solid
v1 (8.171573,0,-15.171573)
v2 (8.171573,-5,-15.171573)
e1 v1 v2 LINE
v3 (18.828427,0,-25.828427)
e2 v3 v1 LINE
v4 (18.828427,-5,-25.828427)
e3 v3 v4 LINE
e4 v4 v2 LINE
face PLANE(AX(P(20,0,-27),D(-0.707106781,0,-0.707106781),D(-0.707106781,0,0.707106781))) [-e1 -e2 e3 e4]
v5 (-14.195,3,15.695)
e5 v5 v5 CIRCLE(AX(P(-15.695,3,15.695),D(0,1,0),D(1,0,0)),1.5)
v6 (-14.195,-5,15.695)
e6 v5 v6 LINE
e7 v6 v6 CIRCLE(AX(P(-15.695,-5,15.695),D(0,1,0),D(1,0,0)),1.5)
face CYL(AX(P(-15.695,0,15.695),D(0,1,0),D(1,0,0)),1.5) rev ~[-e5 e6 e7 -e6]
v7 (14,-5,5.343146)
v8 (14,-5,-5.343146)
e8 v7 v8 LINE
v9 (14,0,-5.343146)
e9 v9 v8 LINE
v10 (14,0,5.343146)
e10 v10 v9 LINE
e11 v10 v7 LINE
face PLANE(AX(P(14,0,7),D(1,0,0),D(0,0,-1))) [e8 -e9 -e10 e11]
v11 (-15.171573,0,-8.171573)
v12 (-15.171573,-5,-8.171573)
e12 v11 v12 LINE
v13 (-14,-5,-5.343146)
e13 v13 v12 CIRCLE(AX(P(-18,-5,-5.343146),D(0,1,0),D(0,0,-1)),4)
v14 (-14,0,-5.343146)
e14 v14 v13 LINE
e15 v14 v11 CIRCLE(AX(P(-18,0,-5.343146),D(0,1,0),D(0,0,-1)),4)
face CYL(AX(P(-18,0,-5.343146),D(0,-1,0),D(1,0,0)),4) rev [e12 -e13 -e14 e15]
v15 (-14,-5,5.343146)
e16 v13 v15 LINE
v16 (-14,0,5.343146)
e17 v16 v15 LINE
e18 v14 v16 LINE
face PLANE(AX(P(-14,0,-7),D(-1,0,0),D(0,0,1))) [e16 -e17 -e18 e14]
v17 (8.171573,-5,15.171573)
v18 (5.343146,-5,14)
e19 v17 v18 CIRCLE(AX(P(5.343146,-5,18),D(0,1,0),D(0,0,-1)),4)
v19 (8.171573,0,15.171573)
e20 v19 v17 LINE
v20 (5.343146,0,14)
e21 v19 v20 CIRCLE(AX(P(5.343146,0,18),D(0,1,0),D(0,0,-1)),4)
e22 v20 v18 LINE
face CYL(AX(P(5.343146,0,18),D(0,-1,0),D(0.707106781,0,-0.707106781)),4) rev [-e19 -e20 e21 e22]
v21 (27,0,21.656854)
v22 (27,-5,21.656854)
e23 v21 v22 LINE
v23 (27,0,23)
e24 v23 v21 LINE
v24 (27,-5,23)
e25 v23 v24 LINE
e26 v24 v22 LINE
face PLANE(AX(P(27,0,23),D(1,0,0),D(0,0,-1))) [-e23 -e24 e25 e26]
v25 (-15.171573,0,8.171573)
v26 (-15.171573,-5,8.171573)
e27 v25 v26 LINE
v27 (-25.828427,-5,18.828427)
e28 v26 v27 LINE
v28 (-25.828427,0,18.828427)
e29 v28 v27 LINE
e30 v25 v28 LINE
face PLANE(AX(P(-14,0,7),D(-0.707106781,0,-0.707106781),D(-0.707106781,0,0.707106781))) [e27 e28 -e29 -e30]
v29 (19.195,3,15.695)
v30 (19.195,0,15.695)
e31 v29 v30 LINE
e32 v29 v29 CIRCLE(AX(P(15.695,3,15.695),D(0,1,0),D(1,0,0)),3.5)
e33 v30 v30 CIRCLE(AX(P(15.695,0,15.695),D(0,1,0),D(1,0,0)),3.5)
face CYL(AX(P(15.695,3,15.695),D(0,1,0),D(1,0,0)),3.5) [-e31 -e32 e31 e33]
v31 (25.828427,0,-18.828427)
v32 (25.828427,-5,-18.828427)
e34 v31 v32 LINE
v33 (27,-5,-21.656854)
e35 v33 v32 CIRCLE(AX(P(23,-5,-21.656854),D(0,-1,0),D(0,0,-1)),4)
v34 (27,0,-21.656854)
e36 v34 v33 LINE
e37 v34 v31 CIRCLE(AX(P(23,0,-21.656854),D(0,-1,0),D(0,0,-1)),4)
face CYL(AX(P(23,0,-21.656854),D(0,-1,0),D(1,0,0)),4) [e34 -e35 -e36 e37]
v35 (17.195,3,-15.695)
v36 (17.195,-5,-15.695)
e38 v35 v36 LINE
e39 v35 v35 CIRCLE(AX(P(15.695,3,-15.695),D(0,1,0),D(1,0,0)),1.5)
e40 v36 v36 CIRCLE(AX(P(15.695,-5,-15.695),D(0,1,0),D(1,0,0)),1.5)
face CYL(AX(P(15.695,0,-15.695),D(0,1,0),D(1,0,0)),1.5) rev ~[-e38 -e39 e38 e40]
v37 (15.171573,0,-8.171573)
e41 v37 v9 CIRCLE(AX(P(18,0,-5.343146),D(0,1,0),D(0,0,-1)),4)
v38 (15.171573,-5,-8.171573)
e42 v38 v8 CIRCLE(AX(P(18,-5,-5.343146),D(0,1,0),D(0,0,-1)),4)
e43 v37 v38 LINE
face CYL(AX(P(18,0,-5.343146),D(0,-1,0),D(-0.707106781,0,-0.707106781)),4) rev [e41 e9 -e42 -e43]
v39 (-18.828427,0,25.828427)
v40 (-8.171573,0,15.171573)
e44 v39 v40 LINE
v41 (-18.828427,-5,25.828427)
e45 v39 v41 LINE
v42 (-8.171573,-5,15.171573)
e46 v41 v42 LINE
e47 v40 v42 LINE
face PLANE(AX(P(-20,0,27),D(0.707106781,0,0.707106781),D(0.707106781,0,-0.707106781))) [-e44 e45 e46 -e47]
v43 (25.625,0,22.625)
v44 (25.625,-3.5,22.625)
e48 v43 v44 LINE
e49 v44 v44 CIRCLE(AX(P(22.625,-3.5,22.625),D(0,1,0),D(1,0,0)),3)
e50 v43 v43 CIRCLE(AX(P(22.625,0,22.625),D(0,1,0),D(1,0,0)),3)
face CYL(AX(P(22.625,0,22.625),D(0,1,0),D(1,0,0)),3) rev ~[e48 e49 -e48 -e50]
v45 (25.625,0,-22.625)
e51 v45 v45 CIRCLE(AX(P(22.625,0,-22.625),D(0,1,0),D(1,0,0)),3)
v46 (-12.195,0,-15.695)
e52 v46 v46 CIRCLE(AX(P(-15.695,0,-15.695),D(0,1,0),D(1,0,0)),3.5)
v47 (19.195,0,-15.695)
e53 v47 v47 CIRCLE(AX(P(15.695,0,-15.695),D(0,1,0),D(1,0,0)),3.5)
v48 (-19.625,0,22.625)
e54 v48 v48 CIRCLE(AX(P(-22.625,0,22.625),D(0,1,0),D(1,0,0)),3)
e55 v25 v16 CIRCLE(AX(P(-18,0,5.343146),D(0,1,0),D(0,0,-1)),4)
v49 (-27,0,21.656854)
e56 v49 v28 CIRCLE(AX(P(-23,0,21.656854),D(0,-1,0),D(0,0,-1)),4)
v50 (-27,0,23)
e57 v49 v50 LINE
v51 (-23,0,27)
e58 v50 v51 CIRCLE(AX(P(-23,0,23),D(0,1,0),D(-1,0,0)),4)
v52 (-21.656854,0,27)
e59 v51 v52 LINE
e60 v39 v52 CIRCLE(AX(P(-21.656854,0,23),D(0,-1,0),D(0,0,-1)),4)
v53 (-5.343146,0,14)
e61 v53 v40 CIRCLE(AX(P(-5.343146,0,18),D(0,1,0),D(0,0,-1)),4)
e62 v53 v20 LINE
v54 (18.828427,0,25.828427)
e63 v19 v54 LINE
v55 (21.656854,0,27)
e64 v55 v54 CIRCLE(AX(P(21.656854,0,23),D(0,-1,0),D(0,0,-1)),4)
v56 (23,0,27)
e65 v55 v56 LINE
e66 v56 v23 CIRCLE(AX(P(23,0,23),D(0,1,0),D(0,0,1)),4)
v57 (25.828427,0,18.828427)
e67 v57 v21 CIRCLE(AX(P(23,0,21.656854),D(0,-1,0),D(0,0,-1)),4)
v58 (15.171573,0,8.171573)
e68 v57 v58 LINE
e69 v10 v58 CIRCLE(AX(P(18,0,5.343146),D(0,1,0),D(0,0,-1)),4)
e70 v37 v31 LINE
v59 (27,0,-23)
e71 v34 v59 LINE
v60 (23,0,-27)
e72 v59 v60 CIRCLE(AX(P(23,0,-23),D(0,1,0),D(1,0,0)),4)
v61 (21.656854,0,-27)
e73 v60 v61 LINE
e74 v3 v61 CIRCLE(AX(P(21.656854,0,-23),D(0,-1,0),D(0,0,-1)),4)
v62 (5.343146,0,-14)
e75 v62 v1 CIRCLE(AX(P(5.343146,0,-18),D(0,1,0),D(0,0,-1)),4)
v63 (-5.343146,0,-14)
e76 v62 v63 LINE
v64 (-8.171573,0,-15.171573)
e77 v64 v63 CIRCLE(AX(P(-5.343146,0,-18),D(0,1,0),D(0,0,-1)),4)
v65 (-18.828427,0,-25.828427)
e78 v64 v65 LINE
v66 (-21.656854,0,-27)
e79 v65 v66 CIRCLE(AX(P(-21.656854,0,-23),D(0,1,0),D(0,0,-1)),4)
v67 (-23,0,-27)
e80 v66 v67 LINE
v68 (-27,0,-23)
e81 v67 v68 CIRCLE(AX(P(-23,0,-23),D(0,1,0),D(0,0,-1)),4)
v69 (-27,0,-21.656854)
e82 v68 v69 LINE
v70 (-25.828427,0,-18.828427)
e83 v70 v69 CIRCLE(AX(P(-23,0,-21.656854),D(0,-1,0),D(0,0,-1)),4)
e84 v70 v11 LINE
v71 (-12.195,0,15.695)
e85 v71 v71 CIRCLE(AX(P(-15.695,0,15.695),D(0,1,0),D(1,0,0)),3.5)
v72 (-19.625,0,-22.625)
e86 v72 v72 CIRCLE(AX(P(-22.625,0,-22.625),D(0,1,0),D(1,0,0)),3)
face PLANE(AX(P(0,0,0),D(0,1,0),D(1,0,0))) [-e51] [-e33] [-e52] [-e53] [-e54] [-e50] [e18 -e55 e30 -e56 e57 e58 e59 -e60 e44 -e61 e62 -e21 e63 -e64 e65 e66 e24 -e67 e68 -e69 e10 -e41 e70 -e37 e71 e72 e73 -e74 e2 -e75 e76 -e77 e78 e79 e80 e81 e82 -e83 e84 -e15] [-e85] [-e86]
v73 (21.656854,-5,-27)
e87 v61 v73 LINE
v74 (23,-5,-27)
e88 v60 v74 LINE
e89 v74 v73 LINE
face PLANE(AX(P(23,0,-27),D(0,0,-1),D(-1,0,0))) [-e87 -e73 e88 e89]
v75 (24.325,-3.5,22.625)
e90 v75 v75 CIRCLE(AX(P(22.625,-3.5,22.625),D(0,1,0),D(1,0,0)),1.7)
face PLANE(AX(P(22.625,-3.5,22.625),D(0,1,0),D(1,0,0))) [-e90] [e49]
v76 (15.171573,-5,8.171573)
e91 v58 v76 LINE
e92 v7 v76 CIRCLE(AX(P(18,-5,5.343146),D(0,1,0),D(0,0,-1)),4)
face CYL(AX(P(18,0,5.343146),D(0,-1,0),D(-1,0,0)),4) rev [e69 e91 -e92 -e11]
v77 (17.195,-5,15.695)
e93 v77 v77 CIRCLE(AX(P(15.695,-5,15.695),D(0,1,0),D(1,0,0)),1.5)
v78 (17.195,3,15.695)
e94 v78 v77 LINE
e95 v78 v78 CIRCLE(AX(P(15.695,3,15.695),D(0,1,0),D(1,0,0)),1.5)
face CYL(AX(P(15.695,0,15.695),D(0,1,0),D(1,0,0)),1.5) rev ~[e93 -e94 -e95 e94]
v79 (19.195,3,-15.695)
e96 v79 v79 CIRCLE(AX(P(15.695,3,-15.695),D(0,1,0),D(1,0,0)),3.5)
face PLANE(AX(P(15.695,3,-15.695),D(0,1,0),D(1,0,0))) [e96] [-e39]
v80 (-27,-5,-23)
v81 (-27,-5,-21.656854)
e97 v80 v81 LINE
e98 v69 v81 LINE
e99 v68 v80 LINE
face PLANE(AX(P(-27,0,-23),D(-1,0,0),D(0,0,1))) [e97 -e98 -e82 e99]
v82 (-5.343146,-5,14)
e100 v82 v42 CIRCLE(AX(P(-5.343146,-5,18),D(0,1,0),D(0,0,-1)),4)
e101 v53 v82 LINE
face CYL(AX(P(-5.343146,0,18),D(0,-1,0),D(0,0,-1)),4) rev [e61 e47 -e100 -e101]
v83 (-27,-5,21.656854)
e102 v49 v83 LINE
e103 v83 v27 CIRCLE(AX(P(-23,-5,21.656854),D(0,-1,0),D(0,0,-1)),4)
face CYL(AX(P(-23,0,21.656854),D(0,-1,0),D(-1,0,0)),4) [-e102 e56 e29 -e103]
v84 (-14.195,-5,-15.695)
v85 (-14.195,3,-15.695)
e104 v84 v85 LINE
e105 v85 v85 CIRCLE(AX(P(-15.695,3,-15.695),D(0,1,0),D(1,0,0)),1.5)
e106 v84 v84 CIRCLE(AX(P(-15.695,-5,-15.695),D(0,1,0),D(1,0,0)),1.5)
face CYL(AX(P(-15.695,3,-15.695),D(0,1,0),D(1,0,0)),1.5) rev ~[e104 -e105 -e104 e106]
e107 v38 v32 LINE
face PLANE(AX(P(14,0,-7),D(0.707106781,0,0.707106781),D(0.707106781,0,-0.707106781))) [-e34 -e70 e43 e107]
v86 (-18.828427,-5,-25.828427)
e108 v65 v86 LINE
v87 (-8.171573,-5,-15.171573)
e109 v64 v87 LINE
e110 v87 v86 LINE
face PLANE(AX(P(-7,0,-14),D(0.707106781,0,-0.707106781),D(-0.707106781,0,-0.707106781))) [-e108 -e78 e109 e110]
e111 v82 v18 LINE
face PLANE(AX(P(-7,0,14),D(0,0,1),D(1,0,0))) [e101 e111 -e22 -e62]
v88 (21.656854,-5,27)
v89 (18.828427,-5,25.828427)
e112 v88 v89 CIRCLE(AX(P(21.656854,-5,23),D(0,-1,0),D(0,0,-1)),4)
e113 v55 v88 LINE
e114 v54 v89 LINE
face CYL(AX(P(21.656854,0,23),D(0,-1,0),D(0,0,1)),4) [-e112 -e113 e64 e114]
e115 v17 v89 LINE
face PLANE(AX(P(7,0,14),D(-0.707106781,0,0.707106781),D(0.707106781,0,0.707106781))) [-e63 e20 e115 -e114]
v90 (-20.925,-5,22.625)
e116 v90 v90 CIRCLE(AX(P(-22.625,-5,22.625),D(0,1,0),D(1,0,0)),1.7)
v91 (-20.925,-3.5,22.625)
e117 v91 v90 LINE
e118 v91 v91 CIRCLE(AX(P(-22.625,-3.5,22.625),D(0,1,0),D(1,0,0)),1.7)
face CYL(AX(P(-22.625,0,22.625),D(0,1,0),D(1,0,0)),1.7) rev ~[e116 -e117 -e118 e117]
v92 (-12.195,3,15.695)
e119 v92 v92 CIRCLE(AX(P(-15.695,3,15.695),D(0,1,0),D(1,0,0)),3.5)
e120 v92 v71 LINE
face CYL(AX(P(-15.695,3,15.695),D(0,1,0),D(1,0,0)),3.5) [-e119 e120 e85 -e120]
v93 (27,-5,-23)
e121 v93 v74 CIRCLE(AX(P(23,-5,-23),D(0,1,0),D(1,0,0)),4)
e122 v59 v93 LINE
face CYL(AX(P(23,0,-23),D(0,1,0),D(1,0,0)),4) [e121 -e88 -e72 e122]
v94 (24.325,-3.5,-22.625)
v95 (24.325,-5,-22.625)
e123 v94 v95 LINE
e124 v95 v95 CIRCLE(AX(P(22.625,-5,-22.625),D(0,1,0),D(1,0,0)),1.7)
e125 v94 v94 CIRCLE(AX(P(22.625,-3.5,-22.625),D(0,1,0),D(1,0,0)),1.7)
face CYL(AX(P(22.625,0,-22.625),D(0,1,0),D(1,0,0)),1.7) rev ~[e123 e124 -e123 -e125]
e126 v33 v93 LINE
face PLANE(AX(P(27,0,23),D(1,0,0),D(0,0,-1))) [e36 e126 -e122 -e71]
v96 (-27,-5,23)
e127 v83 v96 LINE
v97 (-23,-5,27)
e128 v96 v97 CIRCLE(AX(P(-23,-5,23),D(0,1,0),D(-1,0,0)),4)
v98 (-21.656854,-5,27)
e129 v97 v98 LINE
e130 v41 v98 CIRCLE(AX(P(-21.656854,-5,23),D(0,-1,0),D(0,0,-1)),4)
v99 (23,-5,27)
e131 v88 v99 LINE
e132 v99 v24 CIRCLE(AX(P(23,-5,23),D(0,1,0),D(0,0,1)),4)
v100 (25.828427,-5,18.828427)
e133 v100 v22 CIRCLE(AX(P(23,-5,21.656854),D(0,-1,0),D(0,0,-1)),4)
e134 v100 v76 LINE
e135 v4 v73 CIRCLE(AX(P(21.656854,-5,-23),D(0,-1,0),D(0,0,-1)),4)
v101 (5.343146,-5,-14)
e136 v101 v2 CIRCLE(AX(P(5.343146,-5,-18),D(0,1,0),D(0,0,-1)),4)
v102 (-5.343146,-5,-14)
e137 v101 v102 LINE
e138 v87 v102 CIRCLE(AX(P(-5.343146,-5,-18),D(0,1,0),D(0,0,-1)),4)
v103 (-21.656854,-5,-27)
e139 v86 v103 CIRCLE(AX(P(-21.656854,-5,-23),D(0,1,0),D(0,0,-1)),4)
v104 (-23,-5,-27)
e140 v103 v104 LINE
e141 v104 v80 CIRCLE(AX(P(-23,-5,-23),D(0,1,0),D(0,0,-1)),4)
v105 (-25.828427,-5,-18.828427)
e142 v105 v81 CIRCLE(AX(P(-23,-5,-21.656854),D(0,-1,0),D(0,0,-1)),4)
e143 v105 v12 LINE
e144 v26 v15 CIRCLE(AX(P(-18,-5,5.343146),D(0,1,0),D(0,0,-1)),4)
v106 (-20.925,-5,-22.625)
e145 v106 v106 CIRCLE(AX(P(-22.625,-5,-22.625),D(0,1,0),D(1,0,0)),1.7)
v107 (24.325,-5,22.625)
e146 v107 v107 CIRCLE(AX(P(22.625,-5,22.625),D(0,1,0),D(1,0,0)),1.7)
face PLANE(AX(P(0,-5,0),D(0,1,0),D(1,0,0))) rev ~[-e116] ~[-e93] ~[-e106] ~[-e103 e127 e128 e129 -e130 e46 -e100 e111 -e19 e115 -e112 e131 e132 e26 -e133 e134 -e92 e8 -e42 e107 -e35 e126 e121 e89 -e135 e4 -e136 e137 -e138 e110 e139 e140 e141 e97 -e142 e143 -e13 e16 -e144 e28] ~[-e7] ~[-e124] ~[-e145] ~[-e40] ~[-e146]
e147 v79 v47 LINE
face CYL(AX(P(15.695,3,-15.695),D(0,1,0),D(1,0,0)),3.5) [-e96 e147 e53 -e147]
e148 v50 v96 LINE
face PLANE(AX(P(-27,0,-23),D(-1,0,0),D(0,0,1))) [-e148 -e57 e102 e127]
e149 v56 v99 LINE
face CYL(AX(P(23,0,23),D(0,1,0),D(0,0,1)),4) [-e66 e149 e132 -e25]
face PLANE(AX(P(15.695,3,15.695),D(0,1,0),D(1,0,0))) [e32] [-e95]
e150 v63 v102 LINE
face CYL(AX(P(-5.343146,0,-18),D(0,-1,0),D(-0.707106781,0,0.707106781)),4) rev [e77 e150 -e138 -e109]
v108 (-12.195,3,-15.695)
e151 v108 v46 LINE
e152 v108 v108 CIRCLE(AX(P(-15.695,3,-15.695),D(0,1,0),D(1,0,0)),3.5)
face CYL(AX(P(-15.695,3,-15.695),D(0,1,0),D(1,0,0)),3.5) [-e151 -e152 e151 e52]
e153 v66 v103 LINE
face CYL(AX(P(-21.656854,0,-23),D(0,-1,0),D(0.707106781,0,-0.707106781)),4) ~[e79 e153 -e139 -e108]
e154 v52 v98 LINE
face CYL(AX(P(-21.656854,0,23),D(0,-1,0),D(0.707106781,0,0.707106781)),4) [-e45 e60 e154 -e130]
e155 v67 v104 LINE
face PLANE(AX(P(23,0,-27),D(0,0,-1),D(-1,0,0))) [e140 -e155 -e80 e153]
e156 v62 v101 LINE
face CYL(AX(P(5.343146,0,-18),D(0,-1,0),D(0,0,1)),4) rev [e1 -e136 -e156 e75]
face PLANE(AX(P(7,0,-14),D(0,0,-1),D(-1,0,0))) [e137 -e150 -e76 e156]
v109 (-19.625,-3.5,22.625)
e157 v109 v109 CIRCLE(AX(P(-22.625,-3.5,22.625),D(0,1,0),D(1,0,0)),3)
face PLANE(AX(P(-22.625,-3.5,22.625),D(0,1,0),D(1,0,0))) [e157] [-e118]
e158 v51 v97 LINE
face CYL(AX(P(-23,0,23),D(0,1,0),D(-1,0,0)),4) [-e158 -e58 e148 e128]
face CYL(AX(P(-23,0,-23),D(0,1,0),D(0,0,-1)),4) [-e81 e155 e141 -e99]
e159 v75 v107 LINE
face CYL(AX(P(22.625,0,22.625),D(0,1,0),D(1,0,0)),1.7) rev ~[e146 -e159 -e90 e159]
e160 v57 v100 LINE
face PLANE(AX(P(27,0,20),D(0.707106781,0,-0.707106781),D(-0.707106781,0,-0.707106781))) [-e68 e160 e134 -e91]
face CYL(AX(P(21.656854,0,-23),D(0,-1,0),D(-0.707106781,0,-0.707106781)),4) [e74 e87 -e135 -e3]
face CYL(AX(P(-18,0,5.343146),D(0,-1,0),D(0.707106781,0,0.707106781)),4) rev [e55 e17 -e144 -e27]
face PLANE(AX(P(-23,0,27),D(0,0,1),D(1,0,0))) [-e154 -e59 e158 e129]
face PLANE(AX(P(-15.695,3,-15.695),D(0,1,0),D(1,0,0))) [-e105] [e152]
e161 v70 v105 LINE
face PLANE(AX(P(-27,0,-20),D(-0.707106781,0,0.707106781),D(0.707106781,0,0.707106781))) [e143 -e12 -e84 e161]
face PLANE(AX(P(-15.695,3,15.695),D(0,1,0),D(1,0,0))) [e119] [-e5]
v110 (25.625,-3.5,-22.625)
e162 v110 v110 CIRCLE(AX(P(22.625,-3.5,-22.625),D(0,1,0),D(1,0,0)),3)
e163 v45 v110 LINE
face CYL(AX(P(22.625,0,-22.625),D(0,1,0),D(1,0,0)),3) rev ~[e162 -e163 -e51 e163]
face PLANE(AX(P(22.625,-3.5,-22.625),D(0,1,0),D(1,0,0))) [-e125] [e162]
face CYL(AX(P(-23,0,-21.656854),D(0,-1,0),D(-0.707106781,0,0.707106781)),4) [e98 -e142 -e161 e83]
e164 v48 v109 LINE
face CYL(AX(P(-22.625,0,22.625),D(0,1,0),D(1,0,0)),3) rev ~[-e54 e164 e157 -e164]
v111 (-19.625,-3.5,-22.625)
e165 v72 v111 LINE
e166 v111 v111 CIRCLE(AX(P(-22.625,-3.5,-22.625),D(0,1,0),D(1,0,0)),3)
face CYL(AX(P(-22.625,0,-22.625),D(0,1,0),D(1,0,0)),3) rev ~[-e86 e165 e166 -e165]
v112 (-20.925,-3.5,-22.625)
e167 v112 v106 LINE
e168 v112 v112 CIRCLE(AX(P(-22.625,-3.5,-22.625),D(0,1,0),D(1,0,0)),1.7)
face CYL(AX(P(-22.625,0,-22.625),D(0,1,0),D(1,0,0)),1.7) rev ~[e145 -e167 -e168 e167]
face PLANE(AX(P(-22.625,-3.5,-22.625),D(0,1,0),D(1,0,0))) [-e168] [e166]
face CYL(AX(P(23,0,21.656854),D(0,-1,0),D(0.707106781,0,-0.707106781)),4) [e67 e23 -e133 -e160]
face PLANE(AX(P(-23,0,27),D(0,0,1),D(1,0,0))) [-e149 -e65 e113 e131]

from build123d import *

# Parameters (mm, degrees)
SZKIC2_R                    = 1.7
SZKIC2_R_2                  = 1.5
DODANIE_WYCI_GNI_CIE1_DEPTH = 5
DODANIE_WYCI_GNI_CIE2_START = 3
SZKIC2_3_R                  = 3.5
SZKIC2_3_R_2                = 1.5
DODANIE_WYCI_GNI_CIE2_DEPTH = 3
WYTNIJ_WYCI_GNI_CIE1_DEPTH  = 39.509739028
SZYK_KO_OWY1_COUNT          = 4
ZAOKR_GLENIE1_R             = 4
SZKIC5_R                    = 3
WYTNIJ_WYCI_GNI_CIE3_DEPTH  = 3.5


with BuildPart() as part:
    # Szkic2 → Dodanie-wyci_gni_cie1 (new body)
    with BuildSketch(Plane(origin=(0, 0, 0), x_dir=(1, 0, 0), z_dir=(0, 1, 0))):
        with BuildLine():
            ThreePointArc((-27, -23), (-25.828427125, -25.828427125), (-23, -27))
            Line((-23, -27), (23, -27))
            ThreePointArc((23, -27), (25.828427125, -25.828427125), (27, -23))
            Line((27, -23), (27, 23))
            ThreePointArc((27, 23), (25.828427125, 25.828427125), (23, 27))
            Line((23, 27), (-23, 27))
            ThreePointArc((-23, 27), (-25.828427125, 25.828427125), (-27, 23))
            Line((-27, 23), (-27, -23))
        make_face()
        with Locations((-22.625, -22.625)):
            Circle(SZKIC2_R, mode=Mode.SUBTRACT)
        with Locations((22.625, -22.625)):
            Circle(SZKIC2_R, mode=Mode.SUBTRACT)
        with Locations((-22.625, 22.625)):
            Circle(SZKIC2_R, mode=Mode.SUBTRACT)
        with Locations((22.625, 22.625)):
            Circle(SZKIC2_R, mode=Mode.SUBTRACT)
        with Locations((-15.695, -15.695)):
            Circle(SZKIC2_R_2, mode=Mode.SUBTRACT)
        with Locations((15.695, -15.695)):
            Circle(SZKIC2_R_2, mode=Mode.SUBTRACT)
        with Locations((-15.695, 15.695)):
            Circle(SZKIC2_R_2, mode=Mode.SUBTRACT)
        with Locations((15.695, 15.695)):
            Circle(SZKIC2_R_2, mode=Mode.SUBTRACT)
    extrude(amount=-DODANIE_WYCI_GNI_CIE1_DEPTH)

    # Szkic2_3 → Dodanie-wyci_gni_cie2 (add)
    # profile 1 of 4: a face of its own
    with BuildSketch(Plane(origin=(0, 0, 0), x_dir=(1, 0, 0), z_dir=(0, 1, 0)).offset(DODANIE_WYCI_GNI_CIE2_START)):
        with Locations((-15.695, 15.695)):
            Circle(SZKIC2_3_R)
        with Locations((-15.695, 15.695)):
            Circle(SZKIC2_3_R_2, mode=Mode.SUBTRACT)
    # profile 2 of 4: a face of its own
    with BuildSketch(Plane(origin=(0, 0, 0), x_dir=(1, 0, 0), z_dir=(0, 1, 0)).offset(DODANIE_WYCI_GNI_CIE2_START)):
        with Locations((15.695, 15.695)):
            Circle(SZKIC2_3_R)
        with Locations((15.695, 15.695)):
            Circle(SZKIC2_3_R_2, mode=Mode.SUBTRACT)
    # profile 3 of 4: a face of its own
    with BuildSketch(Plane(origin=(0, 0, 0), x_dir=(1, 0, 0), z_dir=(0, 1, 0)).offset(DODANIE_WYCI_GNI_CIE2_START)):
        with Locations((-15.695, -15.695)):
            Circle(SZKIC2_3_R)
        with Locations((-15.695, -15.695)):
            Circle(SZKIC2_3_R_2, mode=Mode.SUBTRACT)
    # profile 4 of 4: a face of its own
    with BuildSketch(Plane(origin=(0, 0, 0), x_dir=(1, 0, 0), z_dir=(0, 1, 0)).offset(DODANIE_WYCI_GNI_CIE2_START)):
        with Locations((15.695, -15.695)):
            Circle(SZKIC2_3_R)
        with Locations((15.695, -15.695)):
            Circle(SZKIC2_3_R_2, mode=Mode.SUBTRACT)
    extrude(amount=-DODANIE_WYCI_GNI_CIE2_DEPTH)

    # Szkic3 → Wytnij-wyci_gni_cie1 (cut, through all)
    with BuildSketch(Plane(origin=(0, 0, 0), x_dir=(1, 0, 0), z_dir=(0, 1, 0))):
        Polygon((-7, -14), (7, -14), (20, -27), (-20, -27), align=None)
    wytnij_wyci_gni_cie1 = extrude(amount=-WYTNIJ_WYCI_GNI_CIE1_DEPTH, mode=Mode.SUBTRACT)

    # Szyk ko_owy1: Wytnij-wyci_gni_cie1 ×4 about axis
    szyk_ko_owy1_axis = Axis((0, -8.6, 0), (0, 1, 0))
    for i in range(1, SZYK_KO_OWY1_COUNT):
        add(wytnij_wyci_gni_cie1.rotate(szyk_ko_owy1_axis, i * 360 / SZYK_KO_OWY1_COUNT), mode=Mode.SUBTRACT)

    # Zaokr_glenie1
    zaokr_glenie1_edges = [part.edges().sort_by_distance(p)[0] for p in [
        (20, -2.5, 27),
        (7, -2.5, 14),
        (-20, -2.5, 27),
        (-7, -2.5, 14),
        (27, -2.5, -20),
        (14, -2.5, -7),
        (14, -2.5, 7),
        (27, -2.5, 20),
        (20, -2.5, -27),
        (7, -2.5, -14),
        (-20, -2.5, -27),
        (-7, -2.5, -14),
        (-27, -2.5, 20),
        (-14, -2.5, 7),
        (-14, -2.5, -7),
        (-27, -2.5, -20),
    ]]
    fillet(zaokr_glenie1_edges, radius=ZAOKR_GLENIE1_R)

    # Szkic5 → Wytnij-wyci_gni_cie3 (cut)
    with BuildSketch(Plane(origin=(0, 0, 0), x_dir=(1, 0, 0), z_dir=(0, 1, 0))):
        with Locations((-22.625, -22.625)):
            Circle(SZKIC5_R)
        with Locations((-22.625, 22.625)):
            Circle(SZKIC5_R)
        with Locations((22.625, 22.625)):
            Circle(SZKIC5_R)
        with Locations((22.625, -22.625)):
            Circle(SZKIC5_R)
    extrude(amount=-WYTNIJ_WYCI_GNI_CIE3_DEPTH, mode=Mode.SUBTRACT)


solid = part.part
